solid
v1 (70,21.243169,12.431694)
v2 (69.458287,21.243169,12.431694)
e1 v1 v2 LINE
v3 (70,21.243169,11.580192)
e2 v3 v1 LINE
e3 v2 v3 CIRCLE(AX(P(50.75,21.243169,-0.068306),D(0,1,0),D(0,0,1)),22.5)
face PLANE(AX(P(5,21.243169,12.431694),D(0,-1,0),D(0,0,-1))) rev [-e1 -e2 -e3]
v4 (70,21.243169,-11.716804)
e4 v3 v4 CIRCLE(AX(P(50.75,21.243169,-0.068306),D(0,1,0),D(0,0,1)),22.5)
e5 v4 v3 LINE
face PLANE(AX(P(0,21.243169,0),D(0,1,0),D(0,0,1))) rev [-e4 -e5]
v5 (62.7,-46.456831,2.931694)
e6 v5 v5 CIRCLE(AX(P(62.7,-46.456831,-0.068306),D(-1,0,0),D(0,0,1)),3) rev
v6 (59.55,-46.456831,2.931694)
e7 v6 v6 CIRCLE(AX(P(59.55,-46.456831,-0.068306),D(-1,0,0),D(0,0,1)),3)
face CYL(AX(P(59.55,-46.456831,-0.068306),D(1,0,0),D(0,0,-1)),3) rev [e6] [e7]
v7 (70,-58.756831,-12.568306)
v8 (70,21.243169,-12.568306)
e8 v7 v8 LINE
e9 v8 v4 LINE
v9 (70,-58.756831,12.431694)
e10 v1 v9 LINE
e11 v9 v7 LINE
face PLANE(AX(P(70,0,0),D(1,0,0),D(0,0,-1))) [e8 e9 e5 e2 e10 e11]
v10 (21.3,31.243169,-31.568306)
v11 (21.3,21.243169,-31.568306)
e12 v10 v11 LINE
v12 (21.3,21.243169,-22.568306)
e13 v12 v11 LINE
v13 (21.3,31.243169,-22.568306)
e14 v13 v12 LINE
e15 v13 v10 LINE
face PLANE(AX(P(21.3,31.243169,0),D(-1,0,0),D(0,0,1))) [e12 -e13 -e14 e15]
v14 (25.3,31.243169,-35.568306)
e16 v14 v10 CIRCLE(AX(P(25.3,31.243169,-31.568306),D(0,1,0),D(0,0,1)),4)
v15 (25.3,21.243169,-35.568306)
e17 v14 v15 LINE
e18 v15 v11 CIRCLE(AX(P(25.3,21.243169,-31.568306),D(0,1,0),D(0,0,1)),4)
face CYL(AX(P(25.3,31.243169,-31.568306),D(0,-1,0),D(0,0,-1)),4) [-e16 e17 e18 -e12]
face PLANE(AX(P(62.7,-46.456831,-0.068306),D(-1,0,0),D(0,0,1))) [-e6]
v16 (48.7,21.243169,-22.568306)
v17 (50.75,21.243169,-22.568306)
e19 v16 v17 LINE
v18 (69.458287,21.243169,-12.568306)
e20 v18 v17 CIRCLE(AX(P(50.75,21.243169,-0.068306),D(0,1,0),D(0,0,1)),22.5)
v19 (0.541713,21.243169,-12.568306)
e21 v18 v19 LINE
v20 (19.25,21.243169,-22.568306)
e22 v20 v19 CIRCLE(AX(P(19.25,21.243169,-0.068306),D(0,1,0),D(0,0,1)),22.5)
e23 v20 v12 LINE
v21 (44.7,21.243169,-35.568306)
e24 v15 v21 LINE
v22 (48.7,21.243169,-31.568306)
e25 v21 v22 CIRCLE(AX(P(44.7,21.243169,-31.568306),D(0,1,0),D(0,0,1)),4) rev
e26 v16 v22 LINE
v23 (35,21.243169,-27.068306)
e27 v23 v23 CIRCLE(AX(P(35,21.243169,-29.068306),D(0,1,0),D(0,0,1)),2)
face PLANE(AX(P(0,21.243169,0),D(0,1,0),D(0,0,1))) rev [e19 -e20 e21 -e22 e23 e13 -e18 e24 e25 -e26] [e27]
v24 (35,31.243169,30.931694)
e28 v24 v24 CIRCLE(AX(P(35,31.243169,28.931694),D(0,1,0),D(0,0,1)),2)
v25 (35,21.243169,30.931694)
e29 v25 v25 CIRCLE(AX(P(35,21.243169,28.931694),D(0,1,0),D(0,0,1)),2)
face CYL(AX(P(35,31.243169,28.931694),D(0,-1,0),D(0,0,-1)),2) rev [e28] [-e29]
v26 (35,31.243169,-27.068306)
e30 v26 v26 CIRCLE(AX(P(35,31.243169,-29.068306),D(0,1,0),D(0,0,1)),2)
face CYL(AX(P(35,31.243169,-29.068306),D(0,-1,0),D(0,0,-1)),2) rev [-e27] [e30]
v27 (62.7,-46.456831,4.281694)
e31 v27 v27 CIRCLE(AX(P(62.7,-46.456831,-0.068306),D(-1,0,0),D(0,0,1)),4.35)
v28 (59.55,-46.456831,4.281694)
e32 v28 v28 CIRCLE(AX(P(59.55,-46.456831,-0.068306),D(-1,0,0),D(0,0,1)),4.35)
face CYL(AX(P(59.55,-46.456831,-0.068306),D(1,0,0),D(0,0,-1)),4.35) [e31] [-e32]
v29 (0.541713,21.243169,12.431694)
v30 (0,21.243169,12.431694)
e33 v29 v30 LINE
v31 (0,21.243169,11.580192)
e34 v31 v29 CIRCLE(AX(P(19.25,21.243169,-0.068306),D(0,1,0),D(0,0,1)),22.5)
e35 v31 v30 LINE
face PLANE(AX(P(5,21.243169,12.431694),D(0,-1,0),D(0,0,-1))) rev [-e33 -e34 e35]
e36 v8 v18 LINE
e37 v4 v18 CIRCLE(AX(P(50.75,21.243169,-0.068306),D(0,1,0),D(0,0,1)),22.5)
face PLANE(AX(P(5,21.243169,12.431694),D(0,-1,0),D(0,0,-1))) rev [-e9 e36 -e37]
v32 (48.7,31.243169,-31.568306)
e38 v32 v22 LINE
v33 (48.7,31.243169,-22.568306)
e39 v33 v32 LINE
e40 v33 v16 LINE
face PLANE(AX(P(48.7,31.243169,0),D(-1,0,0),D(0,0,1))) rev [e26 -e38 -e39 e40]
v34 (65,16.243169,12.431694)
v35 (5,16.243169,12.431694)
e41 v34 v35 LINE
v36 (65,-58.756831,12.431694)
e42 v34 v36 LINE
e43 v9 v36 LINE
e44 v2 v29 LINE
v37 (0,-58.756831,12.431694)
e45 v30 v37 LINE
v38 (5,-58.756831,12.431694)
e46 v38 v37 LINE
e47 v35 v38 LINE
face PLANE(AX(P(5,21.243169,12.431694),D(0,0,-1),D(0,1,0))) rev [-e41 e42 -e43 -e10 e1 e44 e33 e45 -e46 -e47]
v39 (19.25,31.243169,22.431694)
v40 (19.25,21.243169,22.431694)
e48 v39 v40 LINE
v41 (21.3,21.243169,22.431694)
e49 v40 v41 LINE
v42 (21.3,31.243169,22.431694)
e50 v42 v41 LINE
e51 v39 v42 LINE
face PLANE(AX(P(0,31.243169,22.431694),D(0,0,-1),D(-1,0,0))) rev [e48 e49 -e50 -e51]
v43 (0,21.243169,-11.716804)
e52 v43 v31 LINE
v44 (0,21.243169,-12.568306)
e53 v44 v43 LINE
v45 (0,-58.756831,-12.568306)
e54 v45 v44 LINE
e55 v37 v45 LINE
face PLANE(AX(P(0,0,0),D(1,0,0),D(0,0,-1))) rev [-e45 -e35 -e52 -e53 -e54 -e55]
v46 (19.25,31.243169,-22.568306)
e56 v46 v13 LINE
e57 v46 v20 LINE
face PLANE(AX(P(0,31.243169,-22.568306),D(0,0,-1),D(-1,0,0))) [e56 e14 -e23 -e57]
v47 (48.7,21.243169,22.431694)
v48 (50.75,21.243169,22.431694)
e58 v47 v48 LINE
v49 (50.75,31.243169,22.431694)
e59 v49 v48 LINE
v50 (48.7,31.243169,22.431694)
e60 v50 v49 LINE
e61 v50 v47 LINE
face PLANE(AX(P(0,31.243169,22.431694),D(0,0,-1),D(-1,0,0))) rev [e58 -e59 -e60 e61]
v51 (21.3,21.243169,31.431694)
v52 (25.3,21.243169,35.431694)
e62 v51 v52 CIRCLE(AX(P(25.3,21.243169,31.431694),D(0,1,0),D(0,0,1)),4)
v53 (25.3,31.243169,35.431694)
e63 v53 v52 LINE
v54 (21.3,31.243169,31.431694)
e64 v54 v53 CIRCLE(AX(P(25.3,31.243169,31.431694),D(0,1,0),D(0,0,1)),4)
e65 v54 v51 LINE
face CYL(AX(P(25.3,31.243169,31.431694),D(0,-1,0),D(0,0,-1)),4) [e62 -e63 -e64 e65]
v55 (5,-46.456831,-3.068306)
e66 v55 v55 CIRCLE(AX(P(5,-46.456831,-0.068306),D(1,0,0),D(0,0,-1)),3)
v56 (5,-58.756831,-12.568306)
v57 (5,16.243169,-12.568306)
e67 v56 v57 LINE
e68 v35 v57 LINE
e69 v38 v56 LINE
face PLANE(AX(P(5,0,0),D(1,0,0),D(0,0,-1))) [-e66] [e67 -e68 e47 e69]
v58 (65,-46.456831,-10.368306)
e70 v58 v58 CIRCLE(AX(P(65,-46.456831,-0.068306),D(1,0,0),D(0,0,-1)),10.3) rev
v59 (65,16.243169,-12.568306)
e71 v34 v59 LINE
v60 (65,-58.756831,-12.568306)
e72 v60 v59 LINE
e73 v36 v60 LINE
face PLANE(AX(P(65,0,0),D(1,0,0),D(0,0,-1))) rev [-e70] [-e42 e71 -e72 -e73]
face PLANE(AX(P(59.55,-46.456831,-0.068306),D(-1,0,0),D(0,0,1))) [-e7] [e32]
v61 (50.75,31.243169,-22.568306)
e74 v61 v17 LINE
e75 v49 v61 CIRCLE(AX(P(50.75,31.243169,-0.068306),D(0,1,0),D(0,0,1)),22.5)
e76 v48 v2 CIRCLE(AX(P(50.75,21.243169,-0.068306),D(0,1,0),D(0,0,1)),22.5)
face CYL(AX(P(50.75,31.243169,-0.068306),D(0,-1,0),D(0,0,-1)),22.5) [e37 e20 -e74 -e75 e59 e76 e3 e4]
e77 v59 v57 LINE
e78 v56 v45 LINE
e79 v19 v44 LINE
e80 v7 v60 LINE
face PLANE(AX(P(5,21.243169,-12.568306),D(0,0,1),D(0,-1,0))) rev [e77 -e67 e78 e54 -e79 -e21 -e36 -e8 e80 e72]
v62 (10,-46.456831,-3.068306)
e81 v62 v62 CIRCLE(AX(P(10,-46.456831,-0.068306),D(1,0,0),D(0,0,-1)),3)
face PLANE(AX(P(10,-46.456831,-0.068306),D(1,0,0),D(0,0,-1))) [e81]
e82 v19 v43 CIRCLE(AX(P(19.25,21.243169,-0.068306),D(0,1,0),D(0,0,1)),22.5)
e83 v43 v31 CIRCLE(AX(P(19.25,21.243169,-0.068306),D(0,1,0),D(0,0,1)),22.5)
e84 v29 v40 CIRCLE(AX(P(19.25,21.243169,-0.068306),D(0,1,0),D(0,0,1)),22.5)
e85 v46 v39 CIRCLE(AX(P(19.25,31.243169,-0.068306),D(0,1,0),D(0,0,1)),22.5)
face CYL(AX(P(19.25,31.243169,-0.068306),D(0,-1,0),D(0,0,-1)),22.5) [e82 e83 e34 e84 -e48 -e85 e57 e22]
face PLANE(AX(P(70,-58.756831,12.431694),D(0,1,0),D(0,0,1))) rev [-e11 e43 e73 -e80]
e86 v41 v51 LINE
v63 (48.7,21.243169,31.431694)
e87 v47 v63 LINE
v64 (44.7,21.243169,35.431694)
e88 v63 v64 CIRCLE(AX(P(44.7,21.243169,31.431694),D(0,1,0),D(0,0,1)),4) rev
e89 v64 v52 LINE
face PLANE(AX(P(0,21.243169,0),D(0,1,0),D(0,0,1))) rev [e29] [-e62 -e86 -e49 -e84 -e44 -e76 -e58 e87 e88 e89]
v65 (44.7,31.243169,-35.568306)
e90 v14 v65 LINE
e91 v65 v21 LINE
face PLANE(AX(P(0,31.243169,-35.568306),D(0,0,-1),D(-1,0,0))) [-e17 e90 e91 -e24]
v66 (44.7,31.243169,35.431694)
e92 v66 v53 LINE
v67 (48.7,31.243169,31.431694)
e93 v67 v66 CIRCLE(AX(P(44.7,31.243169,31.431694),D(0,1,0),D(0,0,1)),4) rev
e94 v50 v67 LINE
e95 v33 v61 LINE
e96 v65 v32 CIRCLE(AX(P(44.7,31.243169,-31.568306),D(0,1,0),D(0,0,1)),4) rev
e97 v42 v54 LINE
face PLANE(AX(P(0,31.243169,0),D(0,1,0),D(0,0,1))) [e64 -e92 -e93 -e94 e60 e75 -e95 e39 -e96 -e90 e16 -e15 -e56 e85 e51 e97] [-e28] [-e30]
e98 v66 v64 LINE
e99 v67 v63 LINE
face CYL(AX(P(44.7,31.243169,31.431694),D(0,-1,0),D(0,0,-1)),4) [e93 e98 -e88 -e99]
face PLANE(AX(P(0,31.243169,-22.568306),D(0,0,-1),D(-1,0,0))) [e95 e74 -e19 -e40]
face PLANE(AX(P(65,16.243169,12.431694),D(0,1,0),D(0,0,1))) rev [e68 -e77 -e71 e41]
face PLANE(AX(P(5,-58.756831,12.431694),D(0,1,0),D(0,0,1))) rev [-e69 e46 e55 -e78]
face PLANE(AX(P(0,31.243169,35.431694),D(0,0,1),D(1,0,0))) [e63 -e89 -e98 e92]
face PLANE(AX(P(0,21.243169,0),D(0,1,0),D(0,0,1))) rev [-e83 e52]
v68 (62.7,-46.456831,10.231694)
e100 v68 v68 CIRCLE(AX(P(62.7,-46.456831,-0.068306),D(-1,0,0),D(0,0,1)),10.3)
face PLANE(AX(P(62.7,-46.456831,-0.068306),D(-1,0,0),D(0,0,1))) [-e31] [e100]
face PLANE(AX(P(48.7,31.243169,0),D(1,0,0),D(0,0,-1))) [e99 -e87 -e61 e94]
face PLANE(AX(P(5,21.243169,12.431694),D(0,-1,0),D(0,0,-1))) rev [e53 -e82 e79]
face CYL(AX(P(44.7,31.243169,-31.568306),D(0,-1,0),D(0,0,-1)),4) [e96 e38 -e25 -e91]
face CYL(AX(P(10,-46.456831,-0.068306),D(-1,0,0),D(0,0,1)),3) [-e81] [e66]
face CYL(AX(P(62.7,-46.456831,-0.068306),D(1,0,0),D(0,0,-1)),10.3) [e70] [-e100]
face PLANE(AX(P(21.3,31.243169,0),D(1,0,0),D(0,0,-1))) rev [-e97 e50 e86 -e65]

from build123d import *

# Parameters (mm, degrees)
SKETCH_1_W       = 25
SKETCH_1_H       = 80
EXTRUDE_1_DEPTH  = 5
SKETCH_8_W       = 25
SKETCH_8_H       = 5
EXTRUDE_6_DEPTH  = 60
SKETCH_9_W       = 25
SKETCH_9_H       = 80
EXTRUDE_7_DEPTH  = 5
SKETCH_10_R      = 10.3
EXTRUDE_9_DEPTH  = 2.3
SKETCH_12_R      = 4.35
SKETCH_12_R_2    = 3
EXTRUDE_10_DEPTH = 3.15
EXTRUDE_START    = 5
SKETCH_13_R      = 3
EXTRUDE_11_DEPTH = 5
SKETCH_15_R      = 2
EXTRUDE_12_DEPTH = 10


with BuildPart() as part:
    # 草圖1 → 填料-伸長1 (new body)
    with BuildSketch(Plane(origin=(0, 0, 0), x_dir=(0, 0, -1), z_dir=(1, 0, 0))):
        with Locations((0.068306011, -18.756830601)):
            Rectangle(SKETCH_1_W, SKETCH_1_H)
    extrude(amount=EXTRUDE_1_DEPTH)

    # 草圖8 → 填料-伸長6 (add)
    with BuildSketch(Plane(origin=(5, 0, 0), x_dir=(0, 0, -1), z_dir=(1, 0, 0))):
        with Locations((0.068306011, 18.743169399)):
            Rectangle(SKETCH_8_W, SKETCH_8_H)
    extrude(amount=EXTRUDE_6_DEPTH)

    # 草圖9 → 填料-伸長7 (add)
    with BuildSketch(Plane(origin=(65, 0, 0), x_dir=(0, 0, -1), z_dir=(1, 0, 0))):
        with Locations((0.068306011, -18.756830601)):
            Rectangle(SKETCH_9_W, SKETCH_9_H)
    extrude(amount=EXTRUDE_7_DEPTH)

    # 草圖10 → 填料-伸長9 (add)
    with BuildSketch(Plane.ZY.offset(-65)):
        with Locations(Location((-0.068306011, -46.456830601, 0), (0, 0, 180))):
            Circle(SKETCH_10_R)
    extrude(amount=EXTRUDE_9_DEPTH)

    # 草圖12 → 填料-伸長10 (add)
    with BuildSketch(Plane.ZY.offset(-62.7)):
        with Locations((-0.068306011, -46.456830601)):
            Circle(SKETCH_12_R)
        with Locations((-0.068306011, -46.456830601)):
            Circle(SKETCH_12_R_2, mode=Mode.SUBTRACT)
    extrude(amount=EXTRUDE_10_DEPTH)

    # 草圖13 → 填料-伸長11 (add)
    with BuildSketch(Plane(origin=(5, 0, 0), x_dir=(0, 0, -1), z_dir=(1, 0, 0)).offset(EXTRUDE_START)):
        with Locations(Location((0.068306011, -46.456830601, 0), (0, 0, 180))):
            Circle(SKETCH_13_R)
    extrude(amount=-EXTRUDE_11_DEPTH)

    # 草圖15 → 填料-伸長12 (add)
    # profile 1 of 3: a face of its own
    with BuildSketch(Plane(origin=(0, 21.243169399, 0), x_dir=(1, 0, 0), z_dir=(0, 1, 0))):
        with BuildLine():
            Line((19.25, 22.568306011), (50.75, 22.568306011))
            ThreePointArc((50.75, 22.568306011), (73.25, 0.068306011), (50.75, -22.431693989))
            Line((50.75, -22.431693989), (19.25, -22.431693989))
            ThreePointArc((19.25, -22.431693989), (-3.25, 0.068306011), (19.25, 22.568306011))
        make_face()
    # profile 2 of 3: a face of its own
    with BuildSketch(Plane(origin=(0, 21.243169399, 0), x_dir=(1, 0, 0), z_dir=(0, 1, 0))):
        with BuildLine():
            Line((48.7, -22.431693989), (21.3, -22.431693989))
            Line((21.3, -22.431693989), (21.3, -31.431693989))
            ThreePointArc((21.3, -31.431693989), (22.471572875, -34.260121114), (25.3, -35.431693989))
            Line((25.3, -35.431693989), (44.7, -35.431693989))
            ThreePointArc((44.7, -35.431693989), (47.528427125, -34.260121114), (48.7, -31.431693989))
            Line((48.7, -31.431693989), (48.7, -22.431693989))
        make_face()
        with Locations(Location((35, -28.931693989, 0), (0, 0, 270))):
            Circle(SKETCH_15_R, mode=Mode.SUBTRACT)
    # profile 3 of 3: a face of its own
    with BuildSketch(Plane(origin=(0, 21.243169399, 0), x_dir=(1, 0, 0), z_dir=(0, 1, 0))):
        with BuildLine():
            Line((21.3, 22.568306011), (48.7, 22.568306011))
            Line((48.7, 22.568306011), (48.7, 31.568306011))
            ThreePointArc((48.7, 31.568306011), (47.528427125, 34.396733136), (44.7, 35.568306011))
            Line((44.7, 35.568306011), (25.3, 35.568306011))
            ThreePointArc((25.3, 35.568306011), (22.471572875, 34.396733136), (21.3, 31.568306011))
            Line((21.3, 31.568306011), (21.3, 22.568306011))
        make_face()
        with Locations(Location((35, 29.068306011, 0), (0, 0, 270))):
            Circle(SKETCH_15_R, mode=Mode.SUBTRACT)
    extrude(amount=EXTRUDE_12_DEPTH)


solid = part.part
